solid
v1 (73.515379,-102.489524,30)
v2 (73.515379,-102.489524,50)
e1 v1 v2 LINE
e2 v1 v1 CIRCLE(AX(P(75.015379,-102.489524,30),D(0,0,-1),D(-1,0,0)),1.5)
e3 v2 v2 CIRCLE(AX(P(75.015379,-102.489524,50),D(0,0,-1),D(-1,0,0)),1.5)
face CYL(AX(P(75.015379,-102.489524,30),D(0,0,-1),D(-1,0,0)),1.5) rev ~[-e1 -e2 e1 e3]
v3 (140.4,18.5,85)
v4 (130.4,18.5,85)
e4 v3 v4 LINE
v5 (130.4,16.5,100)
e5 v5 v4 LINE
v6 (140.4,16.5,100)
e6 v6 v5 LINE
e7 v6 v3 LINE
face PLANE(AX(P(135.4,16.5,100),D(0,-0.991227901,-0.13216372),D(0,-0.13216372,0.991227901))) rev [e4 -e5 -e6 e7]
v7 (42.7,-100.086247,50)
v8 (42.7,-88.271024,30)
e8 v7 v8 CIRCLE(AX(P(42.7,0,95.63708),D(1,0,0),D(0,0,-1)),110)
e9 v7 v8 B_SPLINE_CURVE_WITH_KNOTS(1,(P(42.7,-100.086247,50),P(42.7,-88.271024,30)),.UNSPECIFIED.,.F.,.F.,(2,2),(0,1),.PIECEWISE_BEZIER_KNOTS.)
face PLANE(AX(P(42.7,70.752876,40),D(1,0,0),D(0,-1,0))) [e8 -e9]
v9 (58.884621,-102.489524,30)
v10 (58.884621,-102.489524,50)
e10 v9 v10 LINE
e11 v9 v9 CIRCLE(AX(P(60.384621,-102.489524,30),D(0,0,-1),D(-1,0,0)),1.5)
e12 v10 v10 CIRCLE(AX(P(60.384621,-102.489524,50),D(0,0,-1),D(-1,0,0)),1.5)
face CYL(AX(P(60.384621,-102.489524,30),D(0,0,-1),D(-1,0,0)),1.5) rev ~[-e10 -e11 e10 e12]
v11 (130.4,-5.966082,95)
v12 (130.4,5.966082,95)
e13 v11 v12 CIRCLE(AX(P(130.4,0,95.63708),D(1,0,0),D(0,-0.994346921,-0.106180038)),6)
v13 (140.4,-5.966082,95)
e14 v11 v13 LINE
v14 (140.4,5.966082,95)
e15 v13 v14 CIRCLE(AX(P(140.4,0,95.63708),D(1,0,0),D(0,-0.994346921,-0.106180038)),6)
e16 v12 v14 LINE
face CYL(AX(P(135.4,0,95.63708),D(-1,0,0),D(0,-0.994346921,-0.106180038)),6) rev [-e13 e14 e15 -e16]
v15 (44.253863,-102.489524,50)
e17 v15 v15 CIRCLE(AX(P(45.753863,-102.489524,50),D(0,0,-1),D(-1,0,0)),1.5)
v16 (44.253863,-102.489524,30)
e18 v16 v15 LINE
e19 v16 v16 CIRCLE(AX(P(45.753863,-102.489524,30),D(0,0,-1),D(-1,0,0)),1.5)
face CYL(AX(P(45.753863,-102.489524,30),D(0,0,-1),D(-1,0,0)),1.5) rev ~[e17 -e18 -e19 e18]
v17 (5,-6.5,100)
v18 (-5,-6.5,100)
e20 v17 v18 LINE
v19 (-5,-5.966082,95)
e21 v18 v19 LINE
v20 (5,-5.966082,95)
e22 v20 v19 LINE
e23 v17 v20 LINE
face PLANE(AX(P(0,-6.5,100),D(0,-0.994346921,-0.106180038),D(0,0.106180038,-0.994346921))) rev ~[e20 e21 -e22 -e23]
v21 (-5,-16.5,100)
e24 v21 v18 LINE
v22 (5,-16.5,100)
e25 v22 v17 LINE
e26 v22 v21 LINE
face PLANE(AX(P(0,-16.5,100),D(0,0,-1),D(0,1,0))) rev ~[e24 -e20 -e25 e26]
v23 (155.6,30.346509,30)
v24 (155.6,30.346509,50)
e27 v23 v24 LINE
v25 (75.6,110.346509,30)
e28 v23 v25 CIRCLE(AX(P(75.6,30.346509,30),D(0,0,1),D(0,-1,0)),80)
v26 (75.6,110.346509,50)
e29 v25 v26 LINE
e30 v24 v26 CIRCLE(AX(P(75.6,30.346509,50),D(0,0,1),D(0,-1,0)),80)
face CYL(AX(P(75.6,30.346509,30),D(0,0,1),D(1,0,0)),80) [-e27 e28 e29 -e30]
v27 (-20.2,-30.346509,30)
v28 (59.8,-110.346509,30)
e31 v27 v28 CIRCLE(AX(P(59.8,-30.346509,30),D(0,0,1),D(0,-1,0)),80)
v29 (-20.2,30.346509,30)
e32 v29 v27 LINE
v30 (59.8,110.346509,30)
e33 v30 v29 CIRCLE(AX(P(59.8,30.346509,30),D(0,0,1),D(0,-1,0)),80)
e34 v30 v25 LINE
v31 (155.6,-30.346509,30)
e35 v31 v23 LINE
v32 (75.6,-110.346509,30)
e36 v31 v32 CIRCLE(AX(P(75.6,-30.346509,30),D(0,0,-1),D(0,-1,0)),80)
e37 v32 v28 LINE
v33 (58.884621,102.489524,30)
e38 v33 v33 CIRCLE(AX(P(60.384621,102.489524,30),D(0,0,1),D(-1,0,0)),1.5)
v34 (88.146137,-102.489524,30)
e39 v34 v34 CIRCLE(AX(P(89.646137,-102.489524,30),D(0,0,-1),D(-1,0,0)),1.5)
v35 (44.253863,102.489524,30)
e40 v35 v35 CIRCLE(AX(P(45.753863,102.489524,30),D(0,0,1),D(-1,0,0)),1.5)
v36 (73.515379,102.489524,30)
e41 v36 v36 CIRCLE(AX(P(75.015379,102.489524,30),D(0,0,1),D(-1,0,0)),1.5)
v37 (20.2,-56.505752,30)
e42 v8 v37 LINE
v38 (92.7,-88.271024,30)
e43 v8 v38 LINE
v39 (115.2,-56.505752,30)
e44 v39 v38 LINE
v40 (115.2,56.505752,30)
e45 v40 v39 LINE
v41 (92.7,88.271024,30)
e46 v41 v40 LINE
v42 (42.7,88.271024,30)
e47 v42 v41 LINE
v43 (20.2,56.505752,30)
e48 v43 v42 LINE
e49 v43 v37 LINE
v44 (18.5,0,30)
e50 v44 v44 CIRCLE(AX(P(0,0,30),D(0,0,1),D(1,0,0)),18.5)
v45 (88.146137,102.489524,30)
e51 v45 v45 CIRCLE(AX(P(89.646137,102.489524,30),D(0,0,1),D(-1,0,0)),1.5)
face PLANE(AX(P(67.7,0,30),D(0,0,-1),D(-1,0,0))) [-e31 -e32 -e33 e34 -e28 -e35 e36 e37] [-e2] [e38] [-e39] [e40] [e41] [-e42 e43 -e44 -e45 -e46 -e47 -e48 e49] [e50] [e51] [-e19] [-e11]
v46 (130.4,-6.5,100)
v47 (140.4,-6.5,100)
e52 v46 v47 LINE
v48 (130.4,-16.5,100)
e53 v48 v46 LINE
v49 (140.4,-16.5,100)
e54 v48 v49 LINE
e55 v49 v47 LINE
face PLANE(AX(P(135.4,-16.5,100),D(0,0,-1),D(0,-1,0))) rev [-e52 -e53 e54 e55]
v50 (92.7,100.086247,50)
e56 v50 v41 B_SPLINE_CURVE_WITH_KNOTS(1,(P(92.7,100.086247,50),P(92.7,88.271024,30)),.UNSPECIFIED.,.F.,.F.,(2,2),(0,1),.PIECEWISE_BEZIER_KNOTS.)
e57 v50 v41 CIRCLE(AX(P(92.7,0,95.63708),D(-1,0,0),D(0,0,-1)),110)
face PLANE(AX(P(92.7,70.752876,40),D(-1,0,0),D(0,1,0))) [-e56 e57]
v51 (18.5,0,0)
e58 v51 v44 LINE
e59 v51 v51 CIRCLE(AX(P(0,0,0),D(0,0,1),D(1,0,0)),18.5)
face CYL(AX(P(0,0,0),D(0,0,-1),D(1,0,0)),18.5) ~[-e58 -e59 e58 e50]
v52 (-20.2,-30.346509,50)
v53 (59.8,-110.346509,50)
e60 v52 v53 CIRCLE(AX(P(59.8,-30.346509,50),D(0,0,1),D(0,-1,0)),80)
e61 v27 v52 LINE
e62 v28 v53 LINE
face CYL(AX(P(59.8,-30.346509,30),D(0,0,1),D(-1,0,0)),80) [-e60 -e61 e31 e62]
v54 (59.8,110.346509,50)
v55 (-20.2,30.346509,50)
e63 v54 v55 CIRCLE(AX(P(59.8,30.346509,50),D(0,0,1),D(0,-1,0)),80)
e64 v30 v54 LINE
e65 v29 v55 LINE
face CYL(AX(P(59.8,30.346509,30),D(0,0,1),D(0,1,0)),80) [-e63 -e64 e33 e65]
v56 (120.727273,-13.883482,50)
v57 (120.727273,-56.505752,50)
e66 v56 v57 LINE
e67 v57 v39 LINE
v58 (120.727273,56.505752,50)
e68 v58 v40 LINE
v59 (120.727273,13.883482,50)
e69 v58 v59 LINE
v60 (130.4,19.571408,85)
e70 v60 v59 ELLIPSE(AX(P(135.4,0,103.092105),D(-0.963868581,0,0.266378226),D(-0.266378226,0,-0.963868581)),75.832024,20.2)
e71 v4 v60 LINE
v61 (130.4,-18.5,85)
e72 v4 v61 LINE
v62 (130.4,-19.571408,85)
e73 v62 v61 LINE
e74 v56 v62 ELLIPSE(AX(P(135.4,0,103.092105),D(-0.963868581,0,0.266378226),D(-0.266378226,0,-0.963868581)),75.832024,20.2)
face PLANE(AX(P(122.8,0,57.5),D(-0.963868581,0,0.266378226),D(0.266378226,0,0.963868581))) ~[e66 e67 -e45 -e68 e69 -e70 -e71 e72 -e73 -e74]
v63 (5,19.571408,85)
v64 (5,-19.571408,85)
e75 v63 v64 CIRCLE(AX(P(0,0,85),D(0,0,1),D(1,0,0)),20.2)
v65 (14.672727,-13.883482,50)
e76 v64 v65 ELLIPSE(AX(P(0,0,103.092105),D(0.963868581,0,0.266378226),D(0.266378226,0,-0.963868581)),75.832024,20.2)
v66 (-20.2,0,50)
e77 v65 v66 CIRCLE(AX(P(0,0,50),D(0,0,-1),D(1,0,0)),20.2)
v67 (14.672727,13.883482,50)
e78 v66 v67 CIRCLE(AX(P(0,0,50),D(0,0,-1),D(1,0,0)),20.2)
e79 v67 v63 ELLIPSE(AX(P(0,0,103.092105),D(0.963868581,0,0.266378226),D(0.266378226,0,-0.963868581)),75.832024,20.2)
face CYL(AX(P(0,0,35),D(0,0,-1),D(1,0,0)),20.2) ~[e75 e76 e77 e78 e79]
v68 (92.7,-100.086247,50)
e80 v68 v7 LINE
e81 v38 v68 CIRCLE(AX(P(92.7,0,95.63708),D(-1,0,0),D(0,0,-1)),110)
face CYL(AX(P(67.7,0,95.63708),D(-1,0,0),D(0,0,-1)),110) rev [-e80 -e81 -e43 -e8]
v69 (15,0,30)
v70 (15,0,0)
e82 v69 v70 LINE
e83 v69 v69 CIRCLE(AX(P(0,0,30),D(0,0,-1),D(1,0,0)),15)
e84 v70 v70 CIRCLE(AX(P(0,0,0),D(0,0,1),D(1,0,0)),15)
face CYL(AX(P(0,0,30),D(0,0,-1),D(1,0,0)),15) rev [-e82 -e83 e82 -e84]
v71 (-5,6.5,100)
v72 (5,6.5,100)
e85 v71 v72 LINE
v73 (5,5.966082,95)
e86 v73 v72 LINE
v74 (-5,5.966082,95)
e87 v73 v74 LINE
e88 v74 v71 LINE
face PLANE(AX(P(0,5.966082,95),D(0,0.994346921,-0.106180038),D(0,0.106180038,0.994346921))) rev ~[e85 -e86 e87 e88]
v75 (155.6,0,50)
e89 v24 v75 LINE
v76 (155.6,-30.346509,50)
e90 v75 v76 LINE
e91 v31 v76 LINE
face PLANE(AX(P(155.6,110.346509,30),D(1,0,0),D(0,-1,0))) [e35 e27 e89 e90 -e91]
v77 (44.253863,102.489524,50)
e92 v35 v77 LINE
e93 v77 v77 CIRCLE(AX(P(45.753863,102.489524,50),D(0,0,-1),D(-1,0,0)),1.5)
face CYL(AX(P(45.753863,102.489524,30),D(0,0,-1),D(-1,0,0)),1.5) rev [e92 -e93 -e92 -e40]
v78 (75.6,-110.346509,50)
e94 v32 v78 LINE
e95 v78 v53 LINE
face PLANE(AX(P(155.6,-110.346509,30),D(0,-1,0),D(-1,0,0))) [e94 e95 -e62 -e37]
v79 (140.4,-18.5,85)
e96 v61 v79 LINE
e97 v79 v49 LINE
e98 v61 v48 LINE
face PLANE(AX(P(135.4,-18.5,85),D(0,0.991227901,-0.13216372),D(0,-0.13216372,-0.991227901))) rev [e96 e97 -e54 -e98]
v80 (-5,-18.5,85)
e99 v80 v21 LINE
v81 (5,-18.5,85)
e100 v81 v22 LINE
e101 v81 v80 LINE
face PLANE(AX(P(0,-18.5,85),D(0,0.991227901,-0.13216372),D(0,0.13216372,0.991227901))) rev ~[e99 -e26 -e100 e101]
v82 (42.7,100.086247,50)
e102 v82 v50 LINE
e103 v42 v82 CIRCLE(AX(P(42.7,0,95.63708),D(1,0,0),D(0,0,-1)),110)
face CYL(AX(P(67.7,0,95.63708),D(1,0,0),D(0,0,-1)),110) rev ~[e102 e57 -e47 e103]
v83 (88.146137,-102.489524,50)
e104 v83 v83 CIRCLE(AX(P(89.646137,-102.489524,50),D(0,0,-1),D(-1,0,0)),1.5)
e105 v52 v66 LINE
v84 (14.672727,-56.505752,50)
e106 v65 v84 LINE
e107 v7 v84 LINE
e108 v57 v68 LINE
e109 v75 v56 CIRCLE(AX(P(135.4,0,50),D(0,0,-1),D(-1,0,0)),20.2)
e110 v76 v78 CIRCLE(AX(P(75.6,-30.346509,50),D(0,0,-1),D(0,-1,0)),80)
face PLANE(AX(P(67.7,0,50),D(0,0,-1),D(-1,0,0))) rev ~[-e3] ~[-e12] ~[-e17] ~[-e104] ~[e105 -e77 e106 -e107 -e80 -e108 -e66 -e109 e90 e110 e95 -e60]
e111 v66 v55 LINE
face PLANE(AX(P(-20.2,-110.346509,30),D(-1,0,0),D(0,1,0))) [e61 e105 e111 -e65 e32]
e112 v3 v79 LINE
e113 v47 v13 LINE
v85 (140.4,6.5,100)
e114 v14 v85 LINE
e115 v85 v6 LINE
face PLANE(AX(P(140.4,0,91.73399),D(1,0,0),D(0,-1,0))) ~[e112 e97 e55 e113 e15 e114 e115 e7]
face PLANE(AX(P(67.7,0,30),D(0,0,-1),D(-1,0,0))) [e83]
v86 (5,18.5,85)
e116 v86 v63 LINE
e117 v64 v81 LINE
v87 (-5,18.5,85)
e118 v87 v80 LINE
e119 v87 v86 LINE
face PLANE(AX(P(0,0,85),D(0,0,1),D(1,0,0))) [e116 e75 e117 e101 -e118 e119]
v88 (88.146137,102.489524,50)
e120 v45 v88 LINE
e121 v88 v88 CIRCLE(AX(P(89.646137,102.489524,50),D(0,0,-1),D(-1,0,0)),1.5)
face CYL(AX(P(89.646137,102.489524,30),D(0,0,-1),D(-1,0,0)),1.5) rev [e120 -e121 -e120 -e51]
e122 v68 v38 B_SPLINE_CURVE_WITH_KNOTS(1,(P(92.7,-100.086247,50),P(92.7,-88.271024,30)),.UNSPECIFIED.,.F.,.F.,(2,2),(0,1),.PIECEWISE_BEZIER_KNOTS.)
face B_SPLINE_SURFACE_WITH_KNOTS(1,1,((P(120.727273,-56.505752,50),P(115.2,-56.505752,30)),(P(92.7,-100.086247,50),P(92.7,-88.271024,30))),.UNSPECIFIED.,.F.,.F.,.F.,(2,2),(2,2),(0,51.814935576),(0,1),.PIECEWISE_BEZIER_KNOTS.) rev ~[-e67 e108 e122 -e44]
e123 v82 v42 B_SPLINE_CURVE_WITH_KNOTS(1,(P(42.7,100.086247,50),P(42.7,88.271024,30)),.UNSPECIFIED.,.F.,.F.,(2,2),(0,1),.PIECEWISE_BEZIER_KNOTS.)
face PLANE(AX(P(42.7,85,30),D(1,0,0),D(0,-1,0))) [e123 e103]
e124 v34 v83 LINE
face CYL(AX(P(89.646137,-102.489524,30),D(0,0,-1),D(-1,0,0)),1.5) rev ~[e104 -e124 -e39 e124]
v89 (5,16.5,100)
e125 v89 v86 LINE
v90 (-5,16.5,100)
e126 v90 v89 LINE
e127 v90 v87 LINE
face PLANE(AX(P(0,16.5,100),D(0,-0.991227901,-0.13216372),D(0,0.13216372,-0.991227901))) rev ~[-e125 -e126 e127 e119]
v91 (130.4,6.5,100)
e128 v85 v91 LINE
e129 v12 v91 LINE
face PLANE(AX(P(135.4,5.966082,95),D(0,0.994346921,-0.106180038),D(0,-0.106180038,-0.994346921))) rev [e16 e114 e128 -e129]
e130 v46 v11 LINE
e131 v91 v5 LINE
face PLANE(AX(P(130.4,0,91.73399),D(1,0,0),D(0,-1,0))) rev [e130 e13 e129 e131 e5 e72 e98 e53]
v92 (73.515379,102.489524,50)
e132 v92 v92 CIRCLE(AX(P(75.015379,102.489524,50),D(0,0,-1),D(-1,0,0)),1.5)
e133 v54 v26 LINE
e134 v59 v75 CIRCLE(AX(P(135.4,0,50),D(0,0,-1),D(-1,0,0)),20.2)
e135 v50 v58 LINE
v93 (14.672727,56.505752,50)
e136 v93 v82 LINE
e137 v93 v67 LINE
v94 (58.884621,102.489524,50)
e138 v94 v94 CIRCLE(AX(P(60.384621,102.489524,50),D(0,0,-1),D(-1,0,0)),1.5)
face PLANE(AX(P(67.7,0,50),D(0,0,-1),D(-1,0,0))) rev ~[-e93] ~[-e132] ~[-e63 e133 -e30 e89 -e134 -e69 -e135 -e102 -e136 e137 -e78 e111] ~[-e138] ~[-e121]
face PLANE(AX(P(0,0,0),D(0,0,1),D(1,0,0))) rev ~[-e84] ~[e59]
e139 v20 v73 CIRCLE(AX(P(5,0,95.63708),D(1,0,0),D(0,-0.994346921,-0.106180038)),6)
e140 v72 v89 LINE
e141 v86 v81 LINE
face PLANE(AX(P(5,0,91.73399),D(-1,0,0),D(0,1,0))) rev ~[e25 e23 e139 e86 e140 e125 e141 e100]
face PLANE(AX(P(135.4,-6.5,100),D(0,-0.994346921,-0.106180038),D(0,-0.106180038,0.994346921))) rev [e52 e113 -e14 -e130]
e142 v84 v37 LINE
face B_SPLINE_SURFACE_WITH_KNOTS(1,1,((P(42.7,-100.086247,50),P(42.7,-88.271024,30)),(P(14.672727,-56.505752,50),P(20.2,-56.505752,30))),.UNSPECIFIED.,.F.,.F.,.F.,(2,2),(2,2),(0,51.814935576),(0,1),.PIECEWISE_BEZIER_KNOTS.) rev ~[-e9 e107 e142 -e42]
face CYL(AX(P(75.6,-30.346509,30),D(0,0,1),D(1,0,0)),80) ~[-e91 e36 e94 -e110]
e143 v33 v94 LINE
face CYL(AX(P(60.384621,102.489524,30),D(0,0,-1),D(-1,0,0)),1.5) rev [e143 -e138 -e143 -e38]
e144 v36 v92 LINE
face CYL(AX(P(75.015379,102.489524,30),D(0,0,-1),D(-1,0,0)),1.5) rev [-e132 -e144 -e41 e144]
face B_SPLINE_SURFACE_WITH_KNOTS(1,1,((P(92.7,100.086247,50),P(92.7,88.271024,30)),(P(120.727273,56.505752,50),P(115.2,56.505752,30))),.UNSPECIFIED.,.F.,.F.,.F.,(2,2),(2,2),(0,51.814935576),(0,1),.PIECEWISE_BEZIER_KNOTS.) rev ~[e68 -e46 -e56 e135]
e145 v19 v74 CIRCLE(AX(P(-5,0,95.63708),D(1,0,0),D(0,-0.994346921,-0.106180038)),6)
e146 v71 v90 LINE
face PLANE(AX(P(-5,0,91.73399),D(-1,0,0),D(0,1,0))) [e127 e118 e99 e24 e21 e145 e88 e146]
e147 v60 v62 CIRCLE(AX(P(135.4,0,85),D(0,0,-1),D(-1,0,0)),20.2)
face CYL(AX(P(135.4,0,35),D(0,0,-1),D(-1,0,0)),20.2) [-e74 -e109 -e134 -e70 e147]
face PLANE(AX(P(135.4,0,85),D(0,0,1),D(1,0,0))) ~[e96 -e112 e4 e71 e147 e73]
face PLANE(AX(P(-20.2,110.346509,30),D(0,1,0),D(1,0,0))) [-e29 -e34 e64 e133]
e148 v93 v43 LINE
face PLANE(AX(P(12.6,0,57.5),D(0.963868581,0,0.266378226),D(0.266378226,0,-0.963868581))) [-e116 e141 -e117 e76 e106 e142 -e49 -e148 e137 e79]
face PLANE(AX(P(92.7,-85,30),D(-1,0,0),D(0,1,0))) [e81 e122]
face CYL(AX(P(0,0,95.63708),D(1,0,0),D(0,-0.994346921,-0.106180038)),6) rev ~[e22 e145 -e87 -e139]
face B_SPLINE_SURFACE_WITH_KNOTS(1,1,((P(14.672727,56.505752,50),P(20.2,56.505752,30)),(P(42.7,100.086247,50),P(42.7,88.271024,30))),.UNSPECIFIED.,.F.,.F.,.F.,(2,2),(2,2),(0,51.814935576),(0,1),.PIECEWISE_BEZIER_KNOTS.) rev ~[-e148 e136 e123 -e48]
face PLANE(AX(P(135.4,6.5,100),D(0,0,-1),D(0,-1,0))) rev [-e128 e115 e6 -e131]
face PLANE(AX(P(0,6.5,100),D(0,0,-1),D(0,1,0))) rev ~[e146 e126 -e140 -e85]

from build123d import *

# Parameters (mm, degrees)
SKETCH_1_R                      = 18.5
SKETCH_1_R_2                    = 15
EXTRUDE_1_DEPTH                 = 30
SKETCH_2_R                      = 20.2
SKETCH_2_R_2                    = 15
EXTRUDE_2_DEPTH                 = 5
SKETCH_3_R                      = 20.2
EXTRUDE_3_DEPTH                 = 50
EXTRUDE_4_DEPTH                 = 5
EXTRUDE_5_DEPTH                 = 20
FILLET_1_R                      = 80
CUT_EXTRUDE_2_REACH             = 174.924
SKETCH_7_R                      = 110
CUT_EXTRUDE_2_DIRECTION_2_REACH = 174.924
SKETCH_11_R                     = 1.5
CUT_EXTRUDE_3_DEPTH             = 25
SKETCH_12_W                     = 57.061720969
SKETCH_12_H                     = 113.011504976
CUT_EXTRUDE_4_DEPTH             = 20


with BuildPart() as part:
    # 草图1 → 凸台-拉伸1 (new body)
    with BuildSketch(Plane.XY):
        Circle(SKETCH_1_R)
        Circle(SKETCH_1_R_2, mode=Mode.SUBTRACT)
    extrude(amount=EXTRUDE_1_DEPTH)

    # 草图2 → 凸台-拉伸2 (add)
    with BuildSketch(Plane.XY.offset(30)):
        Circle(SKETCH_2_R)
        Circle(SKETCH_2_R_2, mode=Mode.SUBTRACT)
    extrude_2 = extrude(amount=EXTRUDE_2_DEPTH)

    # 草图3 → 凸台-拉伸3 (add)
    with BuildSketch(Plane.XY.offset(35)):
        Circle(SKETCH_3_R)
    extrude_3 = extrude(amount=EXTRUDE_3_DEPTH)

    # 草图5 → 凸台-拉伸4 (add, symmetric)
    with BuildSketch(Plane(origin=(0, 0, 0), x_dir=(0, -1, 0), z_dir=(1, 0, 0))):
        with BuildLine():
            Line((-18.5, -85), (18.5, -85))
            Line((18.5, -85), (16.5, -100))
            Line((16.5, -100), (6.5, -100))
            Line((6.5, -100), (5.966081527, -95))
            ThreePointArc((5.966081527, -95), (0, -89.637080228), (-5.966081527, -95))
            Line((-5.966081527, -95), (-6.5, -100))
            Line((-6.5, -100), (-16.5, -100))
            Line((-16.5, -100), (-18.5, -85))
        make_face()
    extrude_4 = extrude(amount=EXTRUDE_4_DEPTH, both=True)

    # 草图6 → 凸台-拉伸5 (add)
    with BuildSketch(Plane(origin=(0, 0, 30), x_dir=(-1, 0, 0), z_dir=(0, 0, -1))):
        Polygon((20.2, 0), (20.2, 110.346509277), (-155.6, 110.346509277), (-155.6, 0), (-155.6, -110.346509277), (20.2, -110.346509277), align=None)
        Polygon((-115.2, 56.505752488), (-92.7, 56.505752488), (-92.7, 85), (-42.7, 85), (-42.7, 56.505752488), (-20.2, 56.505752488), (-20.2, -56.505752488), (-42.7, -56.505752488), (-42.7, -85), (-92.7, -85), (-92.7, -56.505752488), (-115.2, -56.505752488), align=None, mode=Mode.SUBTRACT)
    extrude(amount=-EXTRUDE_5_DEPTH)

    # 镜向1: 凸台-拉伸2, 凸台-拉伸3, 凸台-拉伸4 across plane
    add(extrude_2.mirror(Plane.ZY.offset(-67.7)))
    add(extrude_3.mirror(Plane.ZY.offset(-67.7)))
    add(extrude_4.mirror(Plane.ZY.offset(-67.7)))

    # 圆角1
    fillet_1_edges = [part.edges().sort_by_distance(p)[0] for p in [
        (-20.2, 110.346509277, 40),
        (-20.2, -110.346509277, 40),
        (155.6, -110.346509277, 40),
        (155.6, 110.346509277, 40),
    ]]
    fillet(fillet_1_edges, radius=FILLET_1_R)

    # 切除-拉伸2: up to this face of the body (flat: up to its plane)
    cut_extrude_2_end = Plane(part.part.faces().sort_by_distance((42.7, 70.752876244, 40))[0])
    # 草图7 → 切除-拉伸2 (cut, up to the picked face)
    with BuildSketch(Plane(origin=(67.7, 0, 0), x_dir=(0, 0, -1), z_dir=(1, 0, 0)), mode=Mode.PRIVATE) as cut_extrude_2_sk1:
        with Locations((-95.637080228, 0)):
            Circle(SKETCH_7_R)
    cut_extrude_2_tool1 = split(extrude(cut_extrude_2_sk1.sketch, amount=-CUT_EXTRUDE_2_REACH, mode=Mode.PRIVATE), bisect_by=cut_extrude_2_end, keep=Keep.BOTH, mode=Mode.PRIVATE)
    add(cut_extrude_2_tool1.solids().sort_by(Axis((67.7, 0, 95.63708), (-1, 0, 0)))[0], mode=Mode.SUBTRACT)

    # 切除-拉伸2 direction 2: up to this face of the body (flat: up to its plane)
    cut_extrude_2_direction_2_end = Plane(part.part.faces().sort_by_distance((92.7, 70.752876244, 40))[0])
    # 草图7 → 切除-拉伸2 direction 2 (cut, up to the picked face)
    with BuildSketch(Plane(origin=(67.7, 0, 0), x_dir=(0, 0, -1), z_dir=(1, 0, 0)), mode=Mode.PRIVATE) as cut_extrude_2_direction_2_sk1:
        with Locations((-95.637080228, 0)):
            Circle(SKETCH_7_R)
    cut_extrude_2_direction_2_tool1 = split(extrude(cut_extrude_2_direction_2_sk1.sketch, amount=CUT_EXTRUDE_2_DIRECTION_2_REACH, mode=Mode.PRIVATE), bisect_by=cut_extrude_2_direction_2_end, keep=Keep.BOTH, mode=Mode.PRIVATE)
    add(cut_extrude_2_direction_2_tool1.solids().sort_by(Axis((67.7, 0, 95.63708), (1, 0, 0)))[0], mode=Mode.SUBTRACT)

    # 草图11 → 切除-拉伸3 (cut)
    with BuildSketch(Plane(origin=(0, 0, 30), x_dir=(-1, 0, 0), z_dir=(0, 0, -1))):
        with Locations((-89.646136586, -102.489523561)):
            Circle(SKETCH_11_R)
        with Locations((-75.015378862, -102.489523561)):
            Circle(SKETCH_11_R)
        with Locations((-60.384621138, -102.489523561)):
            Circle(SKETCH_11_R)
        with Locations((-45.753863414, -102.489523561)):
            Circle(SKETCH_11_R)
    cut_extrude_3 = extrude(amount=-CUT_EXTRUDE_3_DEPTH, mode=Mode.SUBTRACT)

    # 镜向2: 切除-拉伸3 across plane
    add(cut_extrude_3.mirror(Plane.ZX), mode=Mode.SUBTRACT)

    # 草图12 → 切除-拉伸4 (cut)
    with BuildSketch(Plane(origin=(26.469269419, 0, 7.315143549), x_dir=(0.26637822592359434, 0, -0.9638685806445808), z_dir=(0.9638685806445808, 0, 0.26637822592359434))):
        with Locations((-52.066077741, 0)):
            Rectangle(SKETCH_12_W, SKETCH_12_H)
    cut_extrude_4 = extrude(amount=CUT_EXTRUDE_4_DEPTH, mode=Mode.SUBTRACT)

    # 镜向3: 切除-拉伸4 across plane
    add(cut_extrude_4.mirror(Plane.ZY.offset(-67.7)), mode=Mode.SUBTRACT)

    # 草图14 → 切除-放样1 section 0
    with BuildSketch(Plane.XY.offset(50)):
        with BuildLine():
            Line((14.672727273, 56.505752488), (42.7, 100.086247348))
            Line((42.7, 100.086247348), (92.7, 100.086247348))
            Line((92.7, 100.086247348), (120.727272727, 56.505752488))
            Line((120.727272727, 56.505752488), (120.727272727, -56.505752488))
            Line((120.727272727, -56.505752488), (92.7, -100.086247348))
            Line((92.7, -100.086247348), (42.7, -100.086247348))
            Line((42.7, -100.086247348), (14.672727273, -56.505752488))
            Line((14.672727273, -56.505752488), (14.672727273, 56.505752488))
        make_face()
    # 草图15 → 切除-放样1 section 1
    with BuildSketch(Plane(origin=(0, 0, 30), x_dir=(-1, 0, 0), z_dir=(0, 0, -1))):
        with BuildLine():
            Line((-92.7, 88.27102412), (-115.2, 56.505752488))
            Line((-115.2, 56.505752488), (-115.2, -56.505752488))
            Line((-115.2, -56.505752488), (-92.7, -88.27102412))
            Line((-92.7, -88.27102412), (-42.7, -88.27102412))
            Line((-42.7, -88.27102412), (-20.2, -56.505752488))
            Line((-20.2, -56.505752488), (-20.2, 56.505752488))
            Line((-20.2, 56.505752488), (-42.7, 88.27102412))
            Line((-42.7, 88.27102412), (-92.7, 88.27102412))
        make_face()
    loft(mode=Mode.SUBTRACT)


solid = part.part
